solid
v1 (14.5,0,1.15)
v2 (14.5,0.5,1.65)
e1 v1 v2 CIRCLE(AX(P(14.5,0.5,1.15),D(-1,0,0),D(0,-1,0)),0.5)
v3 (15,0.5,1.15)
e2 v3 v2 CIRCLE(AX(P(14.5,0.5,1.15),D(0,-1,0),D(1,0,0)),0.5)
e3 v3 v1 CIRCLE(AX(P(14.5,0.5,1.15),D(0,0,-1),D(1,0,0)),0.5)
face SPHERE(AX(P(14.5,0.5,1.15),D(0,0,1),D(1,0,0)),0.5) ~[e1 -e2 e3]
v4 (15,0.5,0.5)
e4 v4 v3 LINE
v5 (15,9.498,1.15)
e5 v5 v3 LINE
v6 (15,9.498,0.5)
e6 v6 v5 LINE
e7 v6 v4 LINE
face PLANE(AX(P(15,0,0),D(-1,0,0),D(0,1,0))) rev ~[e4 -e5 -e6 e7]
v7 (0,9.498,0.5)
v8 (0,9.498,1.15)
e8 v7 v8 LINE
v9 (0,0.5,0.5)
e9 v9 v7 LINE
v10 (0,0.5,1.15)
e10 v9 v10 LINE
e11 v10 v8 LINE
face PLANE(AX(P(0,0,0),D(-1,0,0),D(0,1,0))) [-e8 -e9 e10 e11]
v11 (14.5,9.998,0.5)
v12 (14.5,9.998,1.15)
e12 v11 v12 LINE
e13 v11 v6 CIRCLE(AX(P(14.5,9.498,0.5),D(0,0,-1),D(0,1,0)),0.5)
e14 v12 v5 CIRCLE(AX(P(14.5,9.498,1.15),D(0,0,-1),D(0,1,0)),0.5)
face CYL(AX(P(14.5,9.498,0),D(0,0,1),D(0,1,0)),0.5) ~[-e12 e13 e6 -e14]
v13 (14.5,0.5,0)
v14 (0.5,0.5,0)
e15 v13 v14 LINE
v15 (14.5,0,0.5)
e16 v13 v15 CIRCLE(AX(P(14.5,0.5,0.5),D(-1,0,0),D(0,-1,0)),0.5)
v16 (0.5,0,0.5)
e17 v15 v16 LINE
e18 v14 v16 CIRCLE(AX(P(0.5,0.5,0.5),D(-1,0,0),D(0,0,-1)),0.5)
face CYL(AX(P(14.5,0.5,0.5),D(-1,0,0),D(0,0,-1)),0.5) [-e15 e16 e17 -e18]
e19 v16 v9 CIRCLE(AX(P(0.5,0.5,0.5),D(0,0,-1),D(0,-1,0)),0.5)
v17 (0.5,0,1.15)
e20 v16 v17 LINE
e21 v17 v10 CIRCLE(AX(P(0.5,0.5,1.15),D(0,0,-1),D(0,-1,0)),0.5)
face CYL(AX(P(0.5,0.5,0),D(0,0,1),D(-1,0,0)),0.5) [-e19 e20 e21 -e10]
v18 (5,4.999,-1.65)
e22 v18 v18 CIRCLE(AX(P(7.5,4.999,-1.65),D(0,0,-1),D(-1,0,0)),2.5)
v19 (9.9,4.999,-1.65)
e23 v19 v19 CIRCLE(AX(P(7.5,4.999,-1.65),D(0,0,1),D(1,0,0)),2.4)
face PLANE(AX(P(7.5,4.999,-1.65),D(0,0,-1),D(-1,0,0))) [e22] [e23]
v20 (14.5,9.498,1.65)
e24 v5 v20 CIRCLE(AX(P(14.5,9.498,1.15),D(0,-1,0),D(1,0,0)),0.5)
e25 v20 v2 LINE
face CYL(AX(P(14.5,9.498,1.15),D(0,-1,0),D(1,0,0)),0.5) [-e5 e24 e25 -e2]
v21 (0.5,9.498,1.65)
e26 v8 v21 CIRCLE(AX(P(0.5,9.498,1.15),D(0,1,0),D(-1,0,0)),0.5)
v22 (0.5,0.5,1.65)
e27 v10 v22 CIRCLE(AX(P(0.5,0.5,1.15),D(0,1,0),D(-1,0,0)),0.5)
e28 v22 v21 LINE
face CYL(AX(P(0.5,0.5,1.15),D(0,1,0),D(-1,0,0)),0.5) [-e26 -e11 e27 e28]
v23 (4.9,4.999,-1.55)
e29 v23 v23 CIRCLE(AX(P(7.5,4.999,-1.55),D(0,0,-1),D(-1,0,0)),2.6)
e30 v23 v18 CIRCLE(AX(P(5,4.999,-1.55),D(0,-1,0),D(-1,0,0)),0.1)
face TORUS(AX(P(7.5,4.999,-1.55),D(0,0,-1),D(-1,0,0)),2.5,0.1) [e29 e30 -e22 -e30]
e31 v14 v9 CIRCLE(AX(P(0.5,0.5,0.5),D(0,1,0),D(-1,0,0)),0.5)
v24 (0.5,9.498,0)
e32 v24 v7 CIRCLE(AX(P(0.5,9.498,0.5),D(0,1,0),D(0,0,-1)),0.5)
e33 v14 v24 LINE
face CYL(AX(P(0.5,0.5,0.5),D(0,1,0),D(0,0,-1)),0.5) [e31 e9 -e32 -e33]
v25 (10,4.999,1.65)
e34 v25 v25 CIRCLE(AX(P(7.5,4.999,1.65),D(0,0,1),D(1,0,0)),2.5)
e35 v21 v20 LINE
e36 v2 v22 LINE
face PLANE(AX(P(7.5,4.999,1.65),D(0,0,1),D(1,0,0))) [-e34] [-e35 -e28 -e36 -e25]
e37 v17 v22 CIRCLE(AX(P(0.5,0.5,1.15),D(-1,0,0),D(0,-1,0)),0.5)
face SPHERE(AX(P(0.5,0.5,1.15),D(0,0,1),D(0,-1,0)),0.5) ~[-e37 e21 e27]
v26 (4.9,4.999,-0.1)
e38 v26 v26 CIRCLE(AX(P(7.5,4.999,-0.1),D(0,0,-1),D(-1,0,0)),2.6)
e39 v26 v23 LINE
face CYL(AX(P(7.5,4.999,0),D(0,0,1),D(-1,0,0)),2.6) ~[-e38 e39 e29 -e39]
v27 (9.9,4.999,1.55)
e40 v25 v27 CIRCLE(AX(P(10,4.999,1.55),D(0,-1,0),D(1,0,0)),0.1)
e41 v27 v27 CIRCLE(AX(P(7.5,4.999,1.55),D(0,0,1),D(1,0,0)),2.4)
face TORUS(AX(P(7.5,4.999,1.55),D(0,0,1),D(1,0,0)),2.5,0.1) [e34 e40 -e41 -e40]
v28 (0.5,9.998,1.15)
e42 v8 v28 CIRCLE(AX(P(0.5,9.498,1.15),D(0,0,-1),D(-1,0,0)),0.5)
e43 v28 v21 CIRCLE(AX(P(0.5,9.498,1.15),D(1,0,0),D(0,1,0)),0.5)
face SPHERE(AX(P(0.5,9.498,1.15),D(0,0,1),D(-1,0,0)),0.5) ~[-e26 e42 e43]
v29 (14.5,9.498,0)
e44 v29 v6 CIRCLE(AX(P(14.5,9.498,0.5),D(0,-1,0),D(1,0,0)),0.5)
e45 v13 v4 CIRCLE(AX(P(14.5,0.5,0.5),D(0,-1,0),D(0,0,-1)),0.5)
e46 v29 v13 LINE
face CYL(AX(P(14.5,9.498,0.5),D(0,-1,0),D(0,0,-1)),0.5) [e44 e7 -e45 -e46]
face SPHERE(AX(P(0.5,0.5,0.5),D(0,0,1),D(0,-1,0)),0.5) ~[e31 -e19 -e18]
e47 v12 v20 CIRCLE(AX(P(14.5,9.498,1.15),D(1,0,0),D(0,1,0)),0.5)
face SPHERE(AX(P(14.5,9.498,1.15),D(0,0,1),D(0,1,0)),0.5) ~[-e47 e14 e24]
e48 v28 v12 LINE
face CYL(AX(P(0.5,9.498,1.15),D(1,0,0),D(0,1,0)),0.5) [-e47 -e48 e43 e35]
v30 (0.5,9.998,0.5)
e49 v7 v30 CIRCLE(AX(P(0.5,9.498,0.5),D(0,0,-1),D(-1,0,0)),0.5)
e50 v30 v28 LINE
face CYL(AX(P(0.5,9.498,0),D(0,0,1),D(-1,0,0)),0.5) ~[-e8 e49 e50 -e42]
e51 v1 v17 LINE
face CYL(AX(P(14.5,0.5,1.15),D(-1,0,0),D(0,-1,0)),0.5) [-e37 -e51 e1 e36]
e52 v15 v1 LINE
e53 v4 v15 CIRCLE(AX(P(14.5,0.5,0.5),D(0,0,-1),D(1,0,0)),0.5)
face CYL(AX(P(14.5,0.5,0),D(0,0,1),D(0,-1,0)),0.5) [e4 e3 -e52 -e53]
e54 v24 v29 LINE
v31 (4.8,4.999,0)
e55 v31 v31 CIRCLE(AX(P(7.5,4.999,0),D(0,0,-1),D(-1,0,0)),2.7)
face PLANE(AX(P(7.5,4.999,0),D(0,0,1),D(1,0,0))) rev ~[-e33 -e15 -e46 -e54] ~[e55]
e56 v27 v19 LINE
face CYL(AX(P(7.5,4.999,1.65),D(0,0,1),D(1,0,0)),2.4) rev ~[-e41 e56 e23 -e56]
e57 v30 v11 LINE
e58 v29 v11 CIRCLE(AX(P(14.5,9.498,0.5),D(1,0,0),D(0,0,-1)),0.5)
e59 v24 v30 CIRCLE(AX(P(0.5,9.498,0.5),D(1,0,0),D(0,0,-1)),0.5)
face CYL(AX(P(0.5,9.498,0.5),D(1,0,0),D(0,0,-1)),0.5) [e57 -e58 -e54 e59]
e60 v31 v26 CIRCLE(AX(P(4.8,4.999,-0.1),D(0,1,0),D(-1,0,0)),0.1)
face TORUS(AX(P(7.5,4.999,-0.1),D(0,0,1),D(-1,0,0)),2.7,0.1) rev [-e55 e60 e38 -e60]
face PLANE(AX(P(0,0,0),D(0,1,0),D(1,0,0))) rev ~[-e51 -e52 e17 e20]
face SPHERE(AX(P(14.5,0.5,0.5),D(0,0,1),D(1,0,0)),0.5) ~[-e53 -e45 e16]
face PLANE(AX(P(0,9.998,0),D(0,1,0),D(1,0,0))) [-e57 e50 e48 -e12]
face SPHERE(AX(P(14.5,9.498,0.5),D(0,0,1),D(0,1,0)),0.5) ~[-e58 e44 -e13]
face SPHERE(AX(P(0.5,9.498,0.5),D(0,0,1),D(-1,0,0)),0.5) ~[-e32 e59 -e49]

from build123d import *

# Parameters (mm, degrees)
SKETCH1_W           = 15
SKETCH1_H           = 9.998
BOSS_EXTRUDE1_DEPTH = 1.65
SKETCH2_R           = 2.6
BOSS_EXTRUDE2_DEPTH = 1.65
SKETCH3_R           = 2.4
CUT_EXTRUDE1_DEPTH  = 4.3
FILLET1_R           = 0.1
FILLET3_R           = 0.5
FILLET4_R           = 0.5


with BuildPart() as part:
    # Sketch1 → Boss-Extrude1 (new body)
    with BuildSketch(Plane.XY):
        with Locations((7.5, 4.999)):
            Rectangle(SKETCH1_W, SKETCH1_H)
    extrude(amount=BOSS_EXTRUDE1_DEPTH)

    # Sketch2 → Boss-Extrude2 (add)
    with BuildSketch(Plane(origin=(0, 0, 0), x_dir=(-1, 0, 0), z_dir=(0, 0, -1))):
        with Locations((-7.5, 4.999)):
            Circle(SKETCH2_R)
    extrude(amount=BOSS_EXTRUDE2_DEPTH)

    # Sketch3 → Cut-Extrude1 (cut, through all)
    with BuildSketch(Plane.XY.offset(1.65)):
        with Locations((7.5, 4.999)):
            Circle(SKETCH3_R)
    extrude(amount=-CUT_EXTRUDE1_DEPTH, mode=Mode.SUBTRACT)

    # Fillet1
    fillet1_edges = [part.edges().sort_by_distance(p)[0] for p in [
        (10.1, 4.999, 0),
        (10.1, 4.999, -1.65),
        (5.1, 4.999, 1.65),
    ]]
    fillet(fillet1_edges, radius=FILLET1_R)

    # Fillet3
    fillet3_edges = [part.edges().sort_by_distance(p)[0] for p in [
        (0, 0, 0.825),
        (0, 9.998, 0.825),
        (15, 9.998, 0.825),
        (15, 0, 0.825),
    ]]
    fillet(fillet3_edges, radius=FILLET3_R)

    # Fillet4
    fillet4_edges = [part.edges().sort_by_distance(p)[0] for p in [
        (7.5, 9.998, 0),
        (7.5, 9.998, 1.65),
        (7.5, 0, 0),
        (0, 4.999, 0),
        (15, 4.999, 0),
        (0.146446609, 0.146446609, 0),
        (0.146446609, 9.851553391, 0),
        (14.853553391, 0.146446609, 0),
        (14.853553391, 9.851553391, 0),
        (15, 4.999, 1.65),
        (7.5, 0, 1.65),
        (0, 4.999, 1.65),
        (0.146446609, 0.146446609, 1.65),
        (0.146446609, 9.851553391, 1.65),
        (14.853553391, 0.146446609, 1.65),
        (14.853553391, 9.851553391, 1.65),
    ]]
    fillet(fillet4_edges, radius=FILLET4_R)


solid = part.part
